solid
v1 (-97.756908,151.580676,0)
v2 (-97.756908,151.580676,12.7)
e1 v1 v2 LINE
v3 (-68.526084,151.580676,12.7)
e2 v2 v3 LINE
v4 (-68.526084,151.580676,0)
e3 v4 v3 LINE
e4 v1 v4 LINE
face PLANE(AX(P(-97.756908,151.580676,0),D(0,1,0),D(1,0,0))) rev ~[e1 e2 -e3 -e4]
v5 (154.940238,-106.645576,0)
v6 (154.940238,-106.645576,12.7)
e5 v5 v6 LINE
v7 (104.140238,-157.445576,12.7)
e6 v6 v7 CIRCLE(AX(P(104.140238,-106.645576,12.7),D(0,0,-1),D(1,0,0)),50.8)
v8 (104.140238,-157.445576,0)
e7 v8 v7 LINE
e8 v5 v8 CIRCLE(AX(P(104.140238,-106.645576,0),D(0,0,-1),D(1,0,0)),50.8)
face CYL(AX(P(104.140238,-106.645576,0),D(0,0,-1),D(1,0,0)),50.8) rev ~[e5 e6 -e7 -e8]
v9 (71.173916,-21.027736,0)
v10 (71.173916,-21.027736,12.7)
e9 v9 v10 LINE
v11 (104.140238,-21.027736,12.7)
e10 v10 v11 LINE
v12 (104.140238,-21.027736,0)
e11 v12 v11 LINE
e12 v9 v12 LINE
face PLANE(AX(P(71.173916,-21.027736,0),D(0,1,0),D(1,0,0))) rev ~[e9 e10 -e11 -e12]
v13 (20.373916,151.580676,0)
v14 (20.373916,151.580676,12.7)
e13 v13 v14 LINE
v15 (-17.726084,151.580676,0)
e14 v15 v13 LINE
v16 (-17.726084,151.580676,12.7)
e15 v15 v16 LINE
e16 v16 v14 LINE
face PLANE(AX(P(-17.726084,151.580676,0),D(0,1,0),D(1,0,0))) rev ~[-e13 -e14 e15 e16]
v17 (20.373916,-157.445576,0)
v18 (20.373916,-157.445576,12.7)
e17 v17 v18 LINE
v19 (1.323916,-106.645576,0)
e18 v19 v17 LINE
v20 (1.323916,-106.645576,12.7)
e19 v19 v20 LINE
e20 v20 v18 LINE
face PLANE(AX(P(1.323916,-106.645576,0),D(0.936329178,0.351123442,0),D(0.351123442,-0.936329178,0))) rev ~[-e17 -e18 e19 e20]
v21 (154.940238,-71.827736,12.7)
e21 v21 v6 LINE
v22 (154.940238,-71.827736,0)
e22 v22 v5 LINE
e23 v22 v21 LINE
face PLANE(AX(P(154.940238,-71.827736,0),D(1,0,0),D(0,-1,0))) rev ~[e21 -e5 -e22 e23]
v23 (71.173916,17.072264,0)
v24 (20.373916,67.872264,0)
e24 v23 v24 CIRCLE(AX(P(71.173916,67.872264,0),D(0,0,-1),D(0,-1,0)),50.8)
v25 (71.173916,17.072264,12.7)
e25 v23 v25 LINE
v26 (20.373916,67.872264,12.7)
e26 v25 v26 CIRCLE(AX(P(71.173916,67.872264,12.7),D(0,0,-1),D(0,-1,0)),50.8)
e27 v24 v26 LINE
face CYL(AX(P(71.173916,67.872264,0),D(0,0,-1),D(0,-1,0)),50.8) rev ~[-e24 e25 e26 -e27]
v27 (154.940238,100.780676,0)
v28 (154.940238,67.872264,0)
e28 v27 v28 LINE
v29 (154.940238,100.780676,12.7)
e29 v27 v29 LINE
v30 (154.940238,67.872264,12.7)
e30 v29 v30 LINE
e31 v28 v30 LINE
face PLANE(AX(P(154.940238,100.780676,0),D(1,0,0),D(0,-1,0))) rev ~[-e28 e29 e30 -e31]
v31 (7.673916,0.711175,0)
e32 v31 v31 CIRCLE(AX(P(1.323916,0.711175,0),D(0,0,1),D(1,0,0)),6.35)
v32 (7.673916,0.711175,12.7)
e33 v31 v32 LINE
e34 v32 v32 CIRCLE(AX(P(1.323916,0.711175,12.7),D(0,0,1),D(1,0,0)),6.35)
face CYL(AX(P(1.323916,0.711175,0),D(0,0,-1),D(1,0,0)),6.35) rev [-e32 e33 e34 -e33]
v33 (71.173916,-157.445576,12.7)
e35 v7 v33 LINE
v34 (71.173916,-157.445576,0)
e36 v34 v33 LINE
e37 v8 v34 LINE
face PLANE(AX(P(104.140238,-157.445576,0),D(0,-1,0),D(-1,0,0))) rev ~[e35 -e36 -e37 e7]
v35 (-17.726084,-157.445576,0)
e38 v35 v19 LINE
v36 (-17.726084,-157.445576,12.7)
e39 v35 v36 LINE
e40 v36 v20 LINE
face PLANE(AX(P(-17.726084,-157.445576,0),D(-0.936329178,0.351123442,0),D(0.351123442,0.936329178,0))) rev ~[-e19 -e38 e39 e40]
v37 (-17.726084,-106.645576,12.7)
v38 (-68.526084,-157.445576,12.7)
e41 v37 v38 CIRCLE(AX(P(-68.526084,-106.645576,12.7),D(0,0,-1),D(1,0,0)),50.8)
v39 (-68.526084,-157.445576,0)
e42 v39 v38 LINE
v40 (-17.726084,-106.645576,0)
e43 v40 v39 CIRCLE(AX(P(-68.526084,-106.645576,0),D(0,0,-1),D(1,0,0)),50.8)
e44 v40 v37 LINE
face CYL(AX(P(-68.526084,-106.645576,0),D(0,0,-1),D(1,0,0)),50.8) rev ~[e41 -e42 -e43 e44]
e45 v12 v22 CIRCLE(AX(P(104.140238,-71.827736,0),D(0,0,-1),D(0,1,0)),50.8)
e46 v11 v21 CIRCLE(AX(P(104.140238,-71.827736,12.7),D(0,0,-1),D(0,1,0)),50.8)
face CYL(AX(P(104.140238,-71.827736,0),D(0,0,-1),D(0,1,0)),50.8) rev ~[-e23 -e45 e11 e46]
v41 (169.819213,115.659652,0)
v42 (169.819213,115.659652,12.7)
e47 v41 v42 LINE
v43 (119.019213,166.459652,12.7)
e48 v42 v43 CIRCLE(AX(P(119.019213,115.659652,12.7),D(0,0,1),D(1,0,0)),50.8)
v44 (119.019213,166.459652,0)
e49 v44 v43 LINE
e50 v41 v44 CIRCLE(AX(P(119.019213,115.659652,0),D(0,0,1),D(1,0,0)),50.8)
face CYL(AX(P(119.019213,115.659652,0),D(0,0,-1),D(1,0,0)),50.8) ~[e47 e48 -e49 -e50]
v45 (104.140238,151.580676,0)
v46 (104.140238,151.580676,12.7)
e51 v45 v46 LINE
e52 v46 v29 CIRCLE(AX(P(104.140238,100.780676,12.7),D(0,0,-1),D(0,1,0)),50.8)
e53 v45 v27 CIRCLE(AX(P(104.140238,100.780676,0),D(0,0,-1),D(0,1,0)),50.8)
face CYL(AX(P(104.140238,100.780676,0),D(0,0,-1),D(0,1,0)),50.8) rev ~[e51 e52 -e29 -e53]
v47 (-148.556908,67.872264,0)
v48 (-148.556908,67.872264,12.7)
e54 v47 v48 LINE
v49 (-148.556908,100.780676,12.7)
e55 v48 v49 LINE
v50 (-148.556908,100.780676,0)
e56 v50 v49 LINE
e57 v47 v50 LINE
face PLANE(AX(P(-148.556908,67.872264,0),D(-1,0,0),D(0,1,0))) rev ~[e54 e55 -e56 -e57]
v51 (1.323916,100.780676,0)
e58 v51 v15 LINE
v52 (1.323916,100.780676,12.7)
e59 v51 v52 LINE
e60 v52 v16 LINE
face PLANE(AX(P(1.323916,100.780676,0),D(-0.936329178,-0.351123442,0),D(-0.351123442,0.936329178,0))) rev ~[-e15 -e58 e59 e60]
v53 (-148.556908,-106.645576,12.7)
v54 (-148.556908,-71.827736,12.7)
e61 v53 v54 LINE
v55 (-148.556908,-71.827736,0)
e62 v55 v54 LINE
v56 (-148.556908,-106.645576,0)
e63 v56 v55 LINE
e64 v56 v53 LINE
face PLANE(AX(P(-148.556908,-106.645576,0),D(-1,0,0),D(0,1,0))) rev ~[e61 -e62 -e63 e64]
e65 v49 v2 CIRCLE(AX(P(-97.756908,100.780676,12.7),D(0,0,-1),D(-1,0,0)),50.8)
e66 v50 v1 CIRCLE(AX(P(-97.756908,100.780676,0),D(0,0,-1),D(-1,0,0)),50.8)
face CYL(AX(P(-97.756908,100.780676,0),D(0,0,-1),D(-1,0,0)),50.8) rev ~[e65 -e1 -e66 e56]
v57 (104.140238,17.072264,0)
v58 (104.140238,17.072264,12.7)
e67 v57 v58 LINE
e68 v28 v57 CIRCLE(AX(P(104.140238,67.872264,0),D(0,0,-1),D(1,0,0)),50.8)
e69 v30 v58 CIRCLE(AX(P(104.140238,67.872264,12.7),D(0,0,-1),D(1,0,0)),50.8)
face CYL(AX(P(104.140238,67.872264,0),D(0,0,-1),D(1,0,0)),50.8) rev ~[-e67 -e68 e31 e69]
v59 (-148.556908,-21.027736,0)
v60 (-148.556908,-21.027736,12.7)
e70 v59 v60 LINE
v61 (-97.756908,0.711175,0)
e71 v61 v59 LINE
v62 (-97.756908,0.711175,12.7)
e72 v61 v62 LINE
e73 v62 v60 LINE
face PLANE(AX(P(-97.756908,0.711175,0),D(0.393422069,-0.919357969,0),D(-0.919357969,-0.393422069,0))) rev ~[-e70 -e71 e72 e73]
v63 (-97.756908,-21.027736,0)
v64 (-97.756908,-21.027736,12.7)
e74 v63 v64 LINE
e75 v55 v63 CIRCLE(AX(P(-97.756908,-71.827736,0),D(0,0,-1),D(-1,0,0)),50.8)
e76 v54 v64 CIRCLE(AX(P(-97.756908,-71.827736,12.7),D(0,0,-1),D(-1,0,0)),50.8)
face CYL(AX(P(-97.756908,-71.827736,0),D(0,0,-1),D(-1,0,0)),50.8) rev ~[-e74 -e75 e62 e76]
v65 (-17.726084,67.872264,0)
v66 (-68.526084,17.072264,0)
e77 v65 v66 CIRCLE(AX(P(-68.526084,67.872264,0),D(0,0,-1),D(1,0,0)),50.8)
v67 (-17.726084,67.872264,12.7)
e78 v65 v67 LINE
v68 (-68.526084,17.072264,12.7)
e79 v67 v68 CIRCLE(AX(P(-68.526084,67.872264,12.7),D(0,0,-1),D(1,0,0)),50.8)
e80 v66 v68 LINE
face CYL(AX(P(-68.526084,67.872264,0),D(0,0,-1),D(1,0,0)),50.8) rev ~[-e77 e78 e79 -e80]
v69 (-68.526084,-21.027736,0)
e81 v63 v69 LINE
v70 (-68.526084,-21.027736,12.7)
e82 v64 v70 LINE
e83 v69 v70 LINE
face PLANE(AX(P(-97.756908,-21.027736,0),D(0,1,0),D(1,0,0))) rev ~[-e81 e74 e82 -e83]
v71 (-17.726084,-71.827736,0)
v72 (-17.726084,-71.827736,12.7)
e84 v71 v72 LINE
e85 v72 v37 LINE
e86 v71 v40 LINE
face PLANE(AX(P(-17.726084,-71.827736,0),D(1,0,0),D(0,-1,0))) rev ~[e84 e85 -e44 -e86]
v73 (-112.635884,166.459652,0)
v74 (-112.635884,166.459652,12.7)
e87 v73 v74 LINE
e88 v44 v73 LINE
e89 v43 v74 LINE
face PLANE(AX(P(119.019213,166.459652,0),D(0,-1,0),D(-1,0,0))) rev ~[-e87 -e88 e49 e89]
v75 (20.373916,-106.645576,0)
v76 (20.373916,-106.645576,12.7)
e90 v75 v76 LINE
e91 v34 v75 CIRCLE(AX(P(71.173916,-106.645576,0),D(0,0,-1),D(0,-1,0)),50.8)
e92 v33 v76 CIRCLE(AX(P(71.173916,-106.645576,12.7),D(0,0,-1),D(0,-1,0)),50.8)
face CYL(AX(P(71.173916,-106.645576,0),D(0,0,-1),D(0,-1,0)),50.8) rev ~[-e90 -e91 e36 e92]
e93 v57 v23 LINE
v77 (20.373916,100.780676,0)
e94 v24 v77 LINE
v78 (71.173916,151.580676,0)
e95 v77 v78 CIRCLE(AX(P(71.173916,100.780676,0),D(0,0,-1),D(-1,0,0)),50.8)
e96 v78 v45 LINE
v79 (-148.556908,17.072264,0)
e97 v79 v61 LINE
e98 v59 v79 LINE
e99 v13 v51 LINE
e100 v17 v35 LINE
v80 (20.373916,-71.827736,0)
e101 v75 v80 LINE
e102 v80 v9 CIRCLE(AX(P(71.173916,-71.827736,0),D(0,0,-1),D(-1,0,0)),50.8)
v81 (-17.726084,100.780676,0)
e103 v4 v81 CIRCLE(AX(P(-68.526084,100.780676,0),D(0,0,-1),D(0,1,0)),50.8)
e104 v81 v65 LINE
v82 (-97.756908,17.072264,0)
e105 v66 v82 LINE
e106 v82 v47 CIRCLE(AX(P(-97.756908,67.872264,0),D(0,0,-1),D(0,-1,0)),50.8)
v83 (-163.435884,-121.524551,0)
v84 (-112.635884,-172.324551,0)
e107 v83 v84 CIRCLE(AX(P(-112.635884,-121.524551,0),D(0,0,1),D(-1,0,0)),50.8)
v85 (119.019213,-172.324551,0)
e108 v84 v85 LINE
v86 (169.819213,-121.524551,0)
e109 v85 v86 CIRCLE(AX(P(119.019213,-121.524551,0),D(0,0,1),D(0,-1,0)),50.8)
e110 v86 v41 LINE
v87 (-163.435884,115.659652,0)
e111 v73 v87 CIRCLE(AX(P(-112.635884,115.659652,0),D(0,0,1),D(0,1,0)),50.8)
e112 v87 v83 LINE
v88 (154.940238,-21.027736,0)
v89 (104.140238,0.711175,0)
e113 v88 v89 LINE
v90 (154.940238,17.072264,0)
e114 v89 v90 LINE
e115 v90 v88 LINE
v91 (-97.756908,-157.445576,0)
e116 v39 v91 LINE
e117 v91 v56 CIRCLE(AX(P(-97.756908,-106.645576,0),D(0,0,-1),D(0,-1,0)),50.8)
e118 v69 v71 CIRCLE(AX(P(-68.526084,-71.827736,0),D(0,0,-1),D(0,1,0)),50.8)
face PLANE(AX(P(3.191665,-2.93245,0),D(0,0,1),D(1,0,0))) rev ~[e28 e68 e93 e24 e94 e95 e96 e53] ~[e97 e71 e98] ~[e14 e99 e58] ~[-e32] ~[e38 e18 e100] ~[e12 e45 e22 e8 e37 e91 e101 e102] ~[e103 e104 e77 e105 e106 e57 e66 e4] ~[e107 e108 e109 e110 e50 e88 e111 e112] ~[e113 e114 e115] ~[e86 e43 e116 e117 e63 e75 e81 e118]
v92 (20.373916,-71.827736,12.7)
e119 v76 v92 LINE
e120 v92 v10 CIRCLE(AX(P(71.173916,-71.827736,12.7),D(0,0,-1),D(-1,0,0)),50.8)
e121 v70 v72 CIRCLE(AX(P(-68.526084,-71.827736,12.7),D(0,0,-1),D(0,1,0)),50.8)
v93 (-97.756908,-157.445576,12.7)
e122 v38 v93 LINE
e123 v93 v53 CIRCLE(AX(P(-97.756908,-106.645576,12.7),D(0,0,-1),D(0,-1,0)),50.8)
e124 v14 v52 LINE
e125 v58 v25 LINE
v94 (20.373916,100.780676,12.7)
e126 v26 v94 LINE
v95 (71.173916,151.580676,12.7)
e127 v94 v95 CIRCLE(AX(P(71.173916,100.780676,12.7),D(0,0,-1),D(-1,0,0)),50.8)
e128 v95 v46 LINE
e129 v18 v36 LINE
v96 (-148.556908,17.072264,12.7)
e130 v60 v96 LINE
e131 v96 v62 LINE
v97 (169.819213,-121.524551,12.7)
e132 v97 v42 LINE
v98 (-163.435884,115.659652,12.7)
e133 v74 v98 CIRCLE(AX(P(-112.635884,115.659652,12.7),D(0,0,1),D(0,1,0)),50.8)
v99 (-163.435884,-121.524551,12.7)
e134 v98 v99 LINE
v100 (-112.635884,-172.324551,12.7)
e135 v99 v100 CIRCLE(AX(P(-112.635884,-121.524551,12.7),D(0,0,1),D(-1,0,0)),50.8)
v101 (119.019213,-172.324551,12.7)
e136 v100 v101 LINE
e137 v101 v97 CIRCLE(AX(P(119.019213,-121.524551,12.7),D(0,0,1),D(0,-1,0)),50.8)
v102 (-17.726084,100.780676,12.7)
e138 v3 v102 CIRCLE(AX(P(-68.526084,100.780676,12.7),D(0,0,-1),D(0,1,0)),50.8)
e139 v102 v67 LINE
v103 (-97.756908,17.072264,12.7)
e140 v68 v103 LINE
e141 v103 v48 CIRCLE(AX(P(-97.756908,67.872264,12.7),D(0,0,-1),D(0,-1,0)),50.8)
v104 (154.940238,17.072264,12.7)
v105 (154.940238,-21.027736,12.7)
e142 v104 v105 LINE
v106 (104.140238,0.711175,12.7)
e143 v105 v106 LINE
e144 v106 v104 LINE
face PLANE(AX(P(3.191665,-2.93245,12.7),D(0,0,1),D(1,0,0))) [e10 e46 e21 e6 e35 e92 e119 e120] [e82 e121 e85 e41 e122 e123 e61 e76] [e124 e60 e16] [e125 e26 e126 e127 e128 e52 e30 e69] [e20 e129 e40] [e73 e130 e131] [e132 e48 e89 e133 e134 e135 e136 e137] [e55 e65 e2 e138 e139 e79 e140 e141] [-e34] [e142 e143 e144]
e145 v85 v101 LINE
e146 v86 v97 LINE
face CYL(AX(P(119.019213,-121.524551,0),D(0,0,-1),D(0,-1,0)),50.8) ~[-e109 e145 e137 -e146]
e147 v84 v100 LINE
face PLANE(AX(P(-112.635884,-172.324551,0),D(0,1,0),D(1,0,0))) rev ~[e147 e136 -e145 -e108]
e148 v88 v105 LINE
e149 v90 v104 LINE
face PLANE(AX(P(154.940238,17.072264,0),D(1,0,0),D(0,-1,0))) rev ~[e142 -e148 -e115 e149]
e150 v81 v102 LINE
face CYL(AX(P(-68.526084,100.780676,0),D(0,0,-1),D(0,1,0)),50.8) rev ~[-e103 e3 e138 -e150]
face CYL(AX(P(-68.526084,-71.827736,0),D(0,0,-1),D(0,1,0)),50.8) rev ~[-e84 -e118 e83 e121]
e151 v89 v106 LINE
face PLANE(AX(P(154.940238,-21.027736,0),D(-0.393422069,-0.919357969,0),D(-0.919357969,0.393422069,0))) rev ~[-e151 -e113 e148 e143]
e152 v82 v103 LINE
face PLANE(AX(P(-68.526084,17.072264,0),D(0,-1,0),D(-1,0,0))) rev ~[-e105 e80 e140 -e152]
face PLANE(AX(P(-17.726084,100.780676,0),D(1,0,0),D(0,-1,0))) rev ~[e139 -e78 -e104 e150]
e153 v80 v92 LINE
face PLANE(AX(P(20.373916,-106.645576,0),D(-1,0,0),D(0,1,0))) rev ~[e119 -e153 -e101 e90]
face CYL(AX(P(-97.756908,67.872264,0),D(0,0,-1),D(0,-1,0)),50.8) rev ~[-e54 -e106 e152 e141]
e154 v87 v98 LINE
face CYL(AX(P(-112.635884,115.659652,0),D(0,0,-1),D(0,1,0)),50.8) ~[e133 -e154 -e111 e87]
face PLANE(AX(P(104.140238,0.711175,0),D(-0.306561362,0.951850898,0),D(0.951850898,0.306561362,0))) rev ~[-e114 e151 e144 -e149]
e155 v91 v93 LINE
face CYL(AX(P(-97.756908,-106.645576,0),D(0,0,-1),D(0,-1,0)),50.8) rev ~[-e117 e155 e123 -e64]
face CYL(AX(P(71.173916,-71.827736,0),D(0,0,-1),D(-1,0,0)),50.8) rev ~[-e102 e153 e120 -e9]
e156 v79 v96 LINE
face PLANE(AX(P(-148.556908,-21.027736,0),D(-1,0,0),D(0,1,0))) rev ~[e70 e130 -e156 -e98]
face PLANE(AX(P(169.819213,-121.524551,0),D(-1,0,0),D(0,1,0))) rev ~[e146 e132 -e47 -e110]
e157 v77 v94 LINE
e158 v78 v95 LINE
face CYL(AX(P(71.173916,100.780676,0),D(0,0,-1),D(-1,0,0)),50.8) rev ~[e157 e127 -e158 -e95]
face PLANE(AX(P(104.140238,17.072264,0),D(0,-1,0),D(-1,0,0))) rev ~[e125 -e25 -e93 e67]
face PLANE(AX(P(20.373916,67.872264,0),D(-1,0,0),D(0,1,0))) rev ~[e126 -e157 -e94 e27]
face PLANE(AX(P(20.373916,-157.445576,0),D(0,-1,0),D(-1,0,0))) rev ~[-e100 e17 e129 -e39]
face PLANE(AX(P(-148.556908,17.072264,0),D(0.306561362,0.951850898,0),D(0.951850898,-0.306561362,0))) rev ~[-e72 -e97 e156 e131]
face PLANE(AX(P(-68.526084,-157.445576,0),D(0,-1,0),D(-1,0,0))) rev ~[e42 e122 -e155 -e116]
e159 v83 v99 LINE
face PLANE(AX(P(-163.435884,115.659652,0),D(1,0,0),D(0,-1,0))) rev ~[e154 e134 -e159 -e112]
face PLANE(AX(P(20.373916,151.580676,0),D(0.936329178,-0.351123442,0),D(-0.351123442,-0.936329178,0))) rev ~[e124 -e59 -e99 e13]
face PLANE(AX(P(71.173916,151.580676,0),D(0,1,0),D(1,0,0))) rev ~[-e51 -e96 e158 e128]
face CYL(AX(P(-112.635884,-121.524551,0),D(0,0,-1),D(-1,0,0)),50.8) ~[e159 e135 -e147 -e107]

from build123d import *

# Parameters (mm, degrees)
F0_R     = 6.35
F1_DEPTH = 12.7
F3_R     = 6.35
F4_DEPTH = 12.7


with BuildPart() as f1:
    # F0 (on Top) → F1 (new body)
    with BuildSketch(Plane.XY):
        with BuildLine():
            ThreePointArc((-163.4358839095, -121.5245512031), (-148.5569083937, -157.4455756873), (-112.6358839095, -172.3245512031))
            Line((-112.6358839095, -172.3245512031), (119.0192133605, -172.3245512031))
            ThreePointArc((119.0192133605, -172.3245512031), (154.9402378448, -157.4455756873), (169.8192133605, -121.5245512031))
            Line((169.8192133605, -121.5245512031), (169.8192133605, 115.6596517303))
            ThreePointArc((169.8192133605, 115.6596517303), (154.9402378448, 151.5806762145), (119.0192133605, 166.4596517303))
            Line((119.0192133605, 166.4596517303), (-112.6358839095, 166.4596517303))
            ThreePointArc((-112.6358839095, 166.4596517303), (-148.5569083937, 151.5806762145), (-163.4358839095, 115.6596517303))
            Line((-163.4358839095, 115.6596517303), (-163.4358839095, -121.5245512031))
        make_face()
        Polygon((-17.7260840714, -157.4455756873), (1.3239159286, -106.6455756873), (20.3739159286, -157.4455756873), align=None, mode=Mode.SUBTRACT)
        Polygon((-148.5569083937, -21.0277362994), (-148.5569083937, 17.0722637006), (-97.7569083937, 0.7111747481), align=None, mode=Mode.SUBTRACT)
        with Locations((1.3239159286, 0.7111747481)):
            Circle(F0_R, mode=Mode.SUBTRACT)
        Polygon((20.3739159286, 151.5806762145), (1.3239159286, 100.7806762145), (-17.7260840714, 151.5806762145), align=None, mode=Mode.SUBTRACT)
        Polygon((154.9402378448, -21.0277362994), (104.1402378448, 0.7111747481), (154.9402378448, 17.0722637006), align=None, mode=Mode.SUBTRACT)
    extrude(amount=F1_DEPTH)


with BuildPart() as f4:
    # F3 (on Top) → F4 (new body)
    with BuildSketch(Plane.XY):
        with BuildLine():
            ThreePointArc((-163.4358839095, -121.5245512031), (-148.5569083937, -157.4455756873), (-112.6358839095, -172.3245512031))
            Line((-112.6358839095, -172.3245512031), (119.0192133605, -172.3245512031))
            ThreePointArc((119.0192133605, -172.3245512031), (154.9402378448, -157.4455756873), (169.8192133605, -121.5245512031))
            Line((169.8192133605, -121.5245512031), (169.8192133605, 115.6596517303))
            ThreePointArc((169.8192133605, 115.6596517303), (154.9402378448, 151.5806762145), (119.0192133605, 166.4596517303))
            Line((119.0192133605, 166.4596517303), (-112.6358839095, 166.4596517303))
            ThreePointArc((-112.6358839095, 166.4596517303), (-148.5569083937, 151.5806762145), (-163.4358839095, 115.6596517303))
            Line((-163.4358839095, 115.6596517303), (-163.4358839095, -121.5245512031))
        make_face()
        with BuildLine():
            ThreePointArc((-68.5260840714, -21.0277362994), (-32.6050595871, -35.9067118152), (-17.7260840714, -71.8277362994))
            Line((-17.7260840714, -71.8277362994), (-17.7260840714, -106.6455756873))
            ThreePointArc((-17.7260840714, -106.6455756873), (-32.6050595871, -142.5666001716), (-68.5260840714, -157.4455756873))
            Line((-68.5260840714, -157.4455756873), (-97.7569083937, -157.4455756873))
            ThreePointArc((-97.7569083937, -157.4455756873), (-133.677932878, -142.5666001716), (-148.5569083937, -106.6455756873))
            Line((-148.5569083937, -106.6455756873), (-148.5569083937, -71.8277362994))
            ThreePointArc((-148.5569083937, -71.8277362994), (-133.677932878, -35.9067118152), (-97.7569083937, -21.0277362994))
            Line((-97.7569083937, -21.0277362994), (-68.5260840714, -21.0277362994))
        make_face(mode=Mode.SUBTRACT)
        Polygon((-17.7260840714, -157.4455756873), (1.3239159286, -106.6455756873), (20.3739159286, -157.4455756873), align=None, mode=Mode.SUBTRACT)
        with BuildLine():
            Line((71.1739159286, -21.0277362994), (104.1402378448, -21.0277362994))
            ThreePointArc((104.1402378448, -21.0277362994), (140.0612623291, -35.9067118152), (154.9402378448, -71.8277362994))
            Line((154.9402378448, -71.8277362994), (154.9402378448, -106.6455756873))
            ThreePointArc((154.9402378448, -106.6455756873), (140.0612623291, -142.5666001716), (104.1402378448, -157.4455756873))
            Line((104.1402378448, -157.4455756873), (71.1739159286, -157.4455756873))
            ThreePointArc((71.1739159286, -157.4455756873), (35.2528914443, -142.5666001716), (20.3739159286, -106.6455756873))
            Line((20.3739159286, -106.6455756873), (20.3739159286, -71.8277362994))
            ThreePointArc((20.3739159286, -71.8277362994), (35.2528914443, -35.9067118152), (71.1739159286, -21.0277362994))
        make_face(mode=Mode.SUBTRACT)
        Polygon((-148.5569083937, -21.0277362994), (-148.5569083937, 17.0722637006), (-97.7569083937, 0.7111747481), align=None, mode=Mode.SUBTRACT)
        with Locations((1.3239159286, 0.7111747481)):
            Circle(F3_R, mode=Mode.SUBTRACT)
        with BuildLine():
            ThreePointArc((-68.5260840714, 151.5806762145), (-32.6050595871, 136.7017006988), (-17.7260840714, 100.7806762145))
            Line((-17.7260840714, 100.7806762145), (-17.7260840714, 67.8722637006))
            ThreePointArc((-17.7260840714, 67.8722637006), (-32.6050595871, 31.9512392163), (-68.5260840714, 17.0722637006))
            Line((-68.5260840714, 17.0722637006), (-97.7569083937, 17.0722637006))
            ThreePointArc((-97.7569083937, 17.0722637006), (-133.677932878, 31.9512392163), (-148.5569083937, 67.8722637006))
            Line((-148.5569083937, 67.8722637006), (-148.5569083937, 100.7806762145))
            ThreePointArc((-148.5569083937, 100.7806762145), (-133.677932878, 136.7017006988), (-97.7569083937, 151.5806762145))
            Line((-97.7569083937, 151.5806762145), (-68.5260840714, 151.5806762145))
        make_face(mode=Mode.SUBTRACT)
        Polygon((20.3739159286, 151.5806762145), (1.3239159286, 100.7806762145), (-17.7260840714, 151.5806762145), align=None, mode=Mode.SUBTRACT)
        Polygon((154.9402378448, -21.0277362994), (104.1402378448, 0.7111747481), (154.9402378448, 17.0722637006), align=None, mode=Mode.SUBTRACT)
        with BuildLine():
            ThreePointArc((154.9402378448, 67.8722637006), (140.0612623291, 31.9512392163), (104.1402378448, 17.0722637006))
            Line((104.1402378448, 17.0722637006), (71.1739159286, 17.0722637006))
            ThreePointArc((71.1739159286, 17.0722637006), (35.2528914443, 31.9512392163), (20.3739159286, 67.8722637006))
            Line((20.3739159286, 67.8722637006), (20.3739159286, 100.7806762145))
            ThreePointArc((20.3739159286, 100.7806762145), (35.2528914443, 136.7017006988), (71.1739159286, 151.5806762145))
            Line((71.1739159286, 151.5806762145), (104.1402378448, 151.5806762145))
            ThreePointArc((104.1402378448, 151.5806762145), (140.0612623291, 136.7017006988), (154.9402378448, 100.7806762145))
            Line((154.9402378448, 100.7806762145), (154.9402378448, 67.8722637006))
        make_face(mode=Mode.SUBTRACT)
    extrude(amount=F4_DEPTH)


solid = f4.part
